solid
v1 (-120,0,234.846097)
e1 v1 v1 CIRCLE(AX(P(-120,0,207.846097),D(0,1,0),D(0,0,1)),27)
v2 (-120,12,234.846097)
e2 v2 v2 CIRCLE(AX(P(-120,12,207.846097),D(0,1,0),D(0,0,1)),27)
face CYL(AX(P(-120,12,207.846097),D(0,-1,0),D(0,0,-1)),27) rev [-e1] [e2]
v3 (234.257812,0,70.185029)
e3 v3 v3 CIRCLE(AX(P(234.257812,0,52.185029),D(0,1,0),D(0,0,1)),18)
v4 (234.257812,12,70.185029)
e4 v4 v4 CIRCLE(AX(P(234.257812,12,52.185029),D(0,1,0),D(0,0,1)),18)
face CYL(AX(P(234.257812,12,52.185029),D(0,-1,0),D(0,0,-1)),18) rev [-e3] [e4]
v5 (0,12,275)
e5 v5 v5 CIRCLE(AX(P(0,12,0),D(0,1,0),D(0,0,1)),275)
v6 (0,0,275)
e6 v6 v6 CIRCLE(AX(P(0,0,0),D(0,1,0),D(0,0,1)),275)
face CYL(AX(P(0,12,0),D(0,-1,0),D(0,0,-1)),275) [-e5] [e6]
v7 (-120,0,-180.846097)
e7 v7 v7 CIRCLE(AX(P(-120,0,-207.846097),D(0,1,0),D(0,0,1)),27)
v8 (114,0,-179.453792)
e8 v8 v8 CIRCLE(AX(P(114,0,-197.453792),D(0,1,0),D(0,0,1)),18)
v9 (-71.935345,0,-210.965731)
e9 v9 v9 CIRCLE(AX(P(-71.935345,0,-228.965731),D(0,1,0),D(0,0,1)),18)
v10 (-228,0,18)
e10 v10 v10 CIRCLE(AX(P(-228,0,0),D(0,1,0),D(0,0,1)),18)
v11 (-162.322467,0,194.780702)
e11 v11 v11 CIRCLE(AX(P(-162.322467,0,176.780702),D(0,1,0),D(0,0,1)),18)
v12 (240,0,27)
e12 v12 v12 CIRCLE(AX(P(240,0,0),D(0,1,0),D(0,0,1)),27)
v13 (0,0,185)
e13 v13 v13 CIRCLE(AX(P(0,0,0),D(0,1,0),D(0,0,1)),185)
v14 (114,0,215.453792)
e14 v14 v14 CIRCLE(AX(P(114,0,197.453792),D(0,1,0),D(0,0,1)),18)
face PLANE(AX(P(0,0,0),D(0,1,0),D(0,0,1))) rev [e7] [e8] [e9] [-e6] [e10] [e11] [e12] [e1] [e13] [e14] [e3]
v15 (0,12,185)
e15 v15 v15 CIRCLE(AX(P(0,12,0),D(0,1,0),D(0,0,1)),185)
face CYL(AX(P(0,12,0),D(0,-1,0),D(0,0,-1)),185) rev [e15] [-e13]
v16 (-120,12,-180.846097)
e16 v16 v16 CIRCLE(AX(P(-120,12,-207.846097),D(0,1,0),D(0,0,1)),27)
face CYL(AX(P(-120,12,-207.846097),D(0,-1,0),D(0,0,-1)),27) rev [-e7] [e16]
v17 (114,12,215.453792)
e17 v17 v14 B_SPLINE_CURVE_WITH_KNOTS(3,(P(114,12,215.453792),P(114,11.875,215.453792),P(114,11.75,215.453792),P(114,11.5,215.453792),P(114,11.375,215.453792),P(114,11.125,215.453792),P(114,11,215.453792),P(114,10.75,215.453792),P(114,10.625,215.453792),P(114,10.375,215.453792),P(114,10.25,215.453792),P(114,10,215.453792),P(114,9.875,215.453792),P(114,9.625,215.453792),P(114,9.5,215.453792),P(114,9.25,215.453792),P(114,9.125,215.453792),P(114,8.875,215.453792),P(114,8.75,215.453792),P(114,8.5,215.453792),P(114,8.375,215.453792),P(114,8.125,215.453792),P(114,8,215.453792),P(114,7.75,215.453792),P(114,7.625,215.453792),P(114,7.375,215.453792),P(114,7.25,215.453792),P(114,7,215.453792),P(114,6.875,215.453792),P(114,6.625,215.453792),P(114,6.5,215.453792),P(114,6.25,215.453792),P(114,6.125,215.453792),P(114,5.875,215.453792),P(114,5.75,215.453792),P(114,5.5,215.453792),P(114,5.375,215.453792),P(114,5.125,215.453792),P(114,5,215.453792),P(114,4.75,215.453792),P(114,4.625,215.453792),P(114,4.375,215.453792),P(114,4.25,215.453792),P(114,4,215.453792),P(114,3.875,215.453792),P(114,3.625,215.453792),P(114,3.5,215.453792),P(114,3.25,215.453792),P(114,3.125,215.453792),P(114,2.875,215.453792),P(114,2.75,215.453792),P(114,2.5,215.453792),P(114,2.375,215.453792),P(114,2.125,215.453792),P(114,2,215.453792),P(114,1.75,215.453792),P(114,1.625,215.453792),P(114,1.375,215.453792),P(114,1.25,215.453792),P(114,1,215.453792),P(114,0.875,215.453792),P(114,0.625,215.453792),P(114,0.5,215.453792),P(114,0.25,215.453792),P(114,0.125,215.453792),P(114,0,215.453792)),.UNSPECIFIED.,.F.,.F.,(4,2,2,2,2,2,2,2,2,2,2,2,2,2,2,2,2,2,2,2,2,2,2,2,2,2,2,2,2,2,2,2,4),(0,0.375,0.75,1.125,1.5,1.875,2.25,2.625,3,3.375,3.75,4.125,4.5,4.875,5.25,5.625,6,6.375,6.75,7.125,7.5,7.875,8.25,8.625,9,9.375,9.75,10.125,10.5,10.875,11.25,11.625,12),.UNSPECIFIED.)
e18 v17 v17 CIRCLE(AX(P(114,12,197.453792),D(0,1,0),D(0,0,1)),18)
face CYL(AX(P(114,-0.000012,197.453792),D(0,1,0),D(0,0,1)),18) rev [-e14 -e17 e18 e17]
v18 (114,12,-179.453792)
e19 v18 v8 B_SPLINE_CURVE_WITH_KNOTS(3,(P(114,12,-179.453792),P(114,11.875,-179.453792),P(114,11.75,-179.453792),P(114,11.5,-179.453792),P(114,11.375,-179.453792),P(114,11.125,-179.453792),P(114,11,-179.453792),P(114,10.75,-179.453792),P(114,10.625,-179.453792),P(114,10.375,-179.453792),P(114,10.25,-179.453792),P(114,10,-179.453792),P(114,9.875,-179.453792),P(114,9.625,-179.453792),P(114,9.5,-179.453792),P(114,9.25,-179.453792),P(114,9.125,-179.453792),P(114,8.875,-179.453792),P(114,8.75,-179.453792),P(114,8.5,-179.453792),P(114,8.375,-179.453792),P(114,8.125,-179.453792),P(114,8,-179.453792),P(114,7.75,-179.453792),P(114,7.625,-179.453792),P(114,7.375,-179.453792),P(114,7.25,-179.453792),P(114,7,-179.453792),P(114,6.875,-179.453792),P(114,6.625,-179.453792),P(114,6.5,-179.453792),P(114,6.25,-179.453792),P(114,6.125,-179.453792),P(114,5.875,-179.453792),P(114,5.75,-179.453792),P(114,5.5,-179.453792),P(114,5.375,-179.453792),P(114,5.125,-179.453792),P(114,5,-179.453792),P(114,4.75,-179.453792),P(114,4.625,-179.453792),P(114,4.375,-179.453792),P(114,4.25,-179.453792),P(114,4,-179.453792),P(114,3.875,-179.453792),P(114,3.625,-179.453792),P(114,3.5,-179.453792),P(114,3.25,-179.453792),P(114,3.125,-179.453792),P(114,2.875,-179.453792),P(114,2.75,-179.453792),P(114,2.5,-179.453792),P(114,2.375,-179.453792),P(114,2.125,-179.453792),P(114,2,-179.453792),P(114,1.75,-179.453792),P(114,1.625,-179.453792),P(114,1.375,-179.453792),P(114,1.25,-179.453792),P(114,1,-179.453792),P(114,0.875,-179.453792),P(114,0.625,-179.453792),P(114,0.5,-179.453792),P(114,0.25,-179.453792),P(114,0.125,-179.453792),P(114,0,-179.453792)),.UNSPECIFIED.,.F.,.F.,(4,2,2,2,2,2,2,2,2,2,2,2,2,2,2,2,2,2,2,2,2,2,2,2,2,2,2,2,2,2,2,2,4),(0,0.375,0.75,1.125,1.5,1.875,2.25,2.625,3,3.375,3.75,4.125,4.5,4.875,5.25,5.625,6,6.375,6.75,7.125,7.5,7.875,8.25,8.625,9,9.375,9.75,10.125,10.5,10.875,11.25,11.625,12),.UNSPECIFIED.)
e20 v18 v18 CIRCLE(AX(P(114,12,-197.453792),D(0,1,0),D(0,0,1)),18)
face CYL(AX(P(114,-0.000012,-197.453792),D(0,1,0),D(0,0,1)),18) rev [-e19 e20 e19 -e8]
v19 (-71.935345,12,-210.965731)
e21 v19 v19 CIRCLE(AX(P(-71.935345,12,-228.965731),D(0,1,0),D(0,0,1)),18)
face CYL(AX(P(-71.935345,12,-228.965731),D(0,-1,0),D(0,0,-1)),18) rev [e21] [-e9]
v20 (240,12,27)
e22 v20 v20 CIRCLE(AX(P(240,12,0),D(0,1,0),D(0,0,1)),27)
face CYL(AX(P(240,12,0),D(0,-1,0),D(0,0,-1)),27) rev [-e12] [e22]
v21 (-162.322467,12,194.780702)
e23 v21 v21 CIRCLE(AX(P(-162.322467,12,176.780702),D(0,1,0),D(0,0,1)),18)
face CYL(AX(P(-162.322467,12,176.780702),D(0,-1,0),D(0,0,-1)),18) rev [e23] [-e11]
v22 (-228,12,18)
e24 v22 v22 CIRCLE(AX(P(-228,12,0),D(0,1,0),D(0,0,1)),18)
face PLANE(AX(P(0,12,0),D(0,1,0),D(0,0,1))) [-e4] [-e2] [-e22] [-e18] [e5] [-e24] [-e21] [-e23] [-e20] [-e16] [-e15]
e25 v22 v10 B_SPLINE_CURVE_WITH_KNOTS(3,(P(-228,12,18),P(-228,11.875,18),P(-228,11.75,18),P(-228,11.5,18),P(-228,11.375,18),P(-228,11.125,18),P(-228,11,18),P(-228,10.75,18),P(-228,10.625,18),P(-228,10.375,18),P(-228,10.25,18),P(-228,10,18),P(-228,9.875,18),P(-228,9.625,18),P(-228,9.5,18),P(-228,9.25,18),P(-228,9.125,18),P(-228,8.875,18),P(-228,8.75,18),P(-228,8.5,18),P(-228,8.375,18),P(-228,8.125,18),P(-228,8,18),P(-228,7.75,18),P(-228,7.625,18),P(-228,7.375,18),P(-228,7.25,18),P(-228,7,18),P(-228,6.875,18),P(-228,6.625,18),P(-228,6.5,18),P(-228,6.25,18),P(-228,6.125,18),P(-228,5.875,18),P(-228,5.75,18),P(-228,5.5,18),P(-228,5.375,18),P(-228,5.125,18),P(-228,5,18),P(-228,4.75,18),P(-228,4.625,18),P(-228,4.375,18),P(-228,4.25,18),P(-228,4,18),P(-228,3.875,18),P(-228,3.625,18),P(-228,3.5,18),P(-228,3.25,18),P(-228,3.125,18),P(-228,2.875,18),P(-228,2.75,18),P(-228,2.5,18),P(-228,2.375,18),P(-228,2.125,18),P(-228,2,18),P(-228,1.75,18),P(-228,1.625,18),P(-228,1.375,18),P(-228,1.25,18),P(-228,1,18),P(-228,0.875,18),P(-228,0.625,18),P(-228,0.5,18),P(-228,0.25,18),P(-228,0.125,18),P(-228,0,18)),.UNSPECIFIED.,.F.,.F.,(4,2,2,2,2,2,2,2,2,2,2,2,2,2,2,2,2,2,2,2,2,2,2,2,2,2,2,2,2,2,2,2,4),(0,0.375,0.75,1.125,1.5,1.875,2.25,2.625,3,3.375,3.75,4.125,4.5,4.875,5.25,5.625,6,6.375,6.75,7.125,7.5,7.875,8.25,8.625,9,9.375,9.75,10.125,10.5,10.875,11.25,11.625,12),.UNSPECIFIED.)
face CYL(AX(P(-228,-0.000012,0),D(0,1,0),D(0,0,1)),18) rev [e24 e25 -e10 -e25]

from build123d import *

# Parameters (mm, degrees)
SKETCH_3_R               = 275
SKETCH_3_R_2             = 185
SKETCH_3_R_3             = 27
SKETCH_3_R_4             = 18
EXTRUDE_1_DEPTH          = 12
CUT_EXTRUDE_2_DEPTH      = 12
CUT_EXTRUDE_2_DEPTH_BACK = 390.093819021
SKETCH_4_R               = 18


with BuildPart() as part:
    # 草图3 → 凸台-拉伸1 (new body)
    with BuildSketch(Plane(origin=(0, 0, 0), x_dir=(1, 0, 0), z_dir=(0, 1, 0))):
        with Locations(Location((0, 0, 0), (0, 0, 270))):
            Circle(SKETCH_3_R)
        with Locations(Location((0, 0, 0), (0, 0, 270))):
            Circle(SKETCH_3_R_2, mode=Mode.SUBTRACT)
        with Locations(Location((240, 0, 0), (0, 0, 270))):
            Circle(SKETCH_3_R_3, mode=Mode.SUBTRACT)
        with Locations(Location((234.2578125, -52.185029297, 0), (0, 0, 270))):
            Circle(SKETCH_3_R_4, mode=Mode.SUBTRACT)
        with Locations(Location((-120, -207.846096908, 0), (0, 0, 270))):
            Circle(SKETCH_3_R_3, mode=Mode.SUBTRACT)
        with Locations(Location((-120, 207.846096908, 0), (0, 0, 270))):
            Circle(SKETCH_3_R_3, mode=Mode.SUBTRACT)
        with Locations(Location((-71.935345182, 228.965731308, 0), (0, 0, 270))):
            Circle(SKETCH_3_R_4, mode=Mode.SUBTRACT)
        with Locations(Location((-162.322467318, -176.780702012, 0), (0, 0, 270))):
            Circle(SKETCH_3_R_4, mode=Mode.SUBTRACT)
    extrude(amount=EXTRUDE_1_DEPTH)

    # 草图4 → 切除-拉伸2 (cut, two sides: drawn at the far end of the back side and taken through both)
    with BuildSketch(Plane(origin=(0, 0, 0), x_dir=(1, 0, 0), z_dir=(0, 1, 0)).offset(-CUT_EXTRUDE_2_DEPTH_BACK)):
        with Locations(Location((-228, 0, 0), (0, 0, 270))):
            Circle(SKETCH_4_R)
        with Locations(Location((114, 197.453792063, 0), (0, 0, 270))):
            Circle(SKETCH_4_R)
        with Locations(Location((114, -197.453792063, 0), (0, 0, 270))):
            Circle(SKETCH_4_R)
    extrude(amount=CUT_EXTRUDE_2_DEPTH + CUT_EXTRUDE_2_DEPTH_BACK, mode=Mode.SUBTRACT)


solid = part.part
